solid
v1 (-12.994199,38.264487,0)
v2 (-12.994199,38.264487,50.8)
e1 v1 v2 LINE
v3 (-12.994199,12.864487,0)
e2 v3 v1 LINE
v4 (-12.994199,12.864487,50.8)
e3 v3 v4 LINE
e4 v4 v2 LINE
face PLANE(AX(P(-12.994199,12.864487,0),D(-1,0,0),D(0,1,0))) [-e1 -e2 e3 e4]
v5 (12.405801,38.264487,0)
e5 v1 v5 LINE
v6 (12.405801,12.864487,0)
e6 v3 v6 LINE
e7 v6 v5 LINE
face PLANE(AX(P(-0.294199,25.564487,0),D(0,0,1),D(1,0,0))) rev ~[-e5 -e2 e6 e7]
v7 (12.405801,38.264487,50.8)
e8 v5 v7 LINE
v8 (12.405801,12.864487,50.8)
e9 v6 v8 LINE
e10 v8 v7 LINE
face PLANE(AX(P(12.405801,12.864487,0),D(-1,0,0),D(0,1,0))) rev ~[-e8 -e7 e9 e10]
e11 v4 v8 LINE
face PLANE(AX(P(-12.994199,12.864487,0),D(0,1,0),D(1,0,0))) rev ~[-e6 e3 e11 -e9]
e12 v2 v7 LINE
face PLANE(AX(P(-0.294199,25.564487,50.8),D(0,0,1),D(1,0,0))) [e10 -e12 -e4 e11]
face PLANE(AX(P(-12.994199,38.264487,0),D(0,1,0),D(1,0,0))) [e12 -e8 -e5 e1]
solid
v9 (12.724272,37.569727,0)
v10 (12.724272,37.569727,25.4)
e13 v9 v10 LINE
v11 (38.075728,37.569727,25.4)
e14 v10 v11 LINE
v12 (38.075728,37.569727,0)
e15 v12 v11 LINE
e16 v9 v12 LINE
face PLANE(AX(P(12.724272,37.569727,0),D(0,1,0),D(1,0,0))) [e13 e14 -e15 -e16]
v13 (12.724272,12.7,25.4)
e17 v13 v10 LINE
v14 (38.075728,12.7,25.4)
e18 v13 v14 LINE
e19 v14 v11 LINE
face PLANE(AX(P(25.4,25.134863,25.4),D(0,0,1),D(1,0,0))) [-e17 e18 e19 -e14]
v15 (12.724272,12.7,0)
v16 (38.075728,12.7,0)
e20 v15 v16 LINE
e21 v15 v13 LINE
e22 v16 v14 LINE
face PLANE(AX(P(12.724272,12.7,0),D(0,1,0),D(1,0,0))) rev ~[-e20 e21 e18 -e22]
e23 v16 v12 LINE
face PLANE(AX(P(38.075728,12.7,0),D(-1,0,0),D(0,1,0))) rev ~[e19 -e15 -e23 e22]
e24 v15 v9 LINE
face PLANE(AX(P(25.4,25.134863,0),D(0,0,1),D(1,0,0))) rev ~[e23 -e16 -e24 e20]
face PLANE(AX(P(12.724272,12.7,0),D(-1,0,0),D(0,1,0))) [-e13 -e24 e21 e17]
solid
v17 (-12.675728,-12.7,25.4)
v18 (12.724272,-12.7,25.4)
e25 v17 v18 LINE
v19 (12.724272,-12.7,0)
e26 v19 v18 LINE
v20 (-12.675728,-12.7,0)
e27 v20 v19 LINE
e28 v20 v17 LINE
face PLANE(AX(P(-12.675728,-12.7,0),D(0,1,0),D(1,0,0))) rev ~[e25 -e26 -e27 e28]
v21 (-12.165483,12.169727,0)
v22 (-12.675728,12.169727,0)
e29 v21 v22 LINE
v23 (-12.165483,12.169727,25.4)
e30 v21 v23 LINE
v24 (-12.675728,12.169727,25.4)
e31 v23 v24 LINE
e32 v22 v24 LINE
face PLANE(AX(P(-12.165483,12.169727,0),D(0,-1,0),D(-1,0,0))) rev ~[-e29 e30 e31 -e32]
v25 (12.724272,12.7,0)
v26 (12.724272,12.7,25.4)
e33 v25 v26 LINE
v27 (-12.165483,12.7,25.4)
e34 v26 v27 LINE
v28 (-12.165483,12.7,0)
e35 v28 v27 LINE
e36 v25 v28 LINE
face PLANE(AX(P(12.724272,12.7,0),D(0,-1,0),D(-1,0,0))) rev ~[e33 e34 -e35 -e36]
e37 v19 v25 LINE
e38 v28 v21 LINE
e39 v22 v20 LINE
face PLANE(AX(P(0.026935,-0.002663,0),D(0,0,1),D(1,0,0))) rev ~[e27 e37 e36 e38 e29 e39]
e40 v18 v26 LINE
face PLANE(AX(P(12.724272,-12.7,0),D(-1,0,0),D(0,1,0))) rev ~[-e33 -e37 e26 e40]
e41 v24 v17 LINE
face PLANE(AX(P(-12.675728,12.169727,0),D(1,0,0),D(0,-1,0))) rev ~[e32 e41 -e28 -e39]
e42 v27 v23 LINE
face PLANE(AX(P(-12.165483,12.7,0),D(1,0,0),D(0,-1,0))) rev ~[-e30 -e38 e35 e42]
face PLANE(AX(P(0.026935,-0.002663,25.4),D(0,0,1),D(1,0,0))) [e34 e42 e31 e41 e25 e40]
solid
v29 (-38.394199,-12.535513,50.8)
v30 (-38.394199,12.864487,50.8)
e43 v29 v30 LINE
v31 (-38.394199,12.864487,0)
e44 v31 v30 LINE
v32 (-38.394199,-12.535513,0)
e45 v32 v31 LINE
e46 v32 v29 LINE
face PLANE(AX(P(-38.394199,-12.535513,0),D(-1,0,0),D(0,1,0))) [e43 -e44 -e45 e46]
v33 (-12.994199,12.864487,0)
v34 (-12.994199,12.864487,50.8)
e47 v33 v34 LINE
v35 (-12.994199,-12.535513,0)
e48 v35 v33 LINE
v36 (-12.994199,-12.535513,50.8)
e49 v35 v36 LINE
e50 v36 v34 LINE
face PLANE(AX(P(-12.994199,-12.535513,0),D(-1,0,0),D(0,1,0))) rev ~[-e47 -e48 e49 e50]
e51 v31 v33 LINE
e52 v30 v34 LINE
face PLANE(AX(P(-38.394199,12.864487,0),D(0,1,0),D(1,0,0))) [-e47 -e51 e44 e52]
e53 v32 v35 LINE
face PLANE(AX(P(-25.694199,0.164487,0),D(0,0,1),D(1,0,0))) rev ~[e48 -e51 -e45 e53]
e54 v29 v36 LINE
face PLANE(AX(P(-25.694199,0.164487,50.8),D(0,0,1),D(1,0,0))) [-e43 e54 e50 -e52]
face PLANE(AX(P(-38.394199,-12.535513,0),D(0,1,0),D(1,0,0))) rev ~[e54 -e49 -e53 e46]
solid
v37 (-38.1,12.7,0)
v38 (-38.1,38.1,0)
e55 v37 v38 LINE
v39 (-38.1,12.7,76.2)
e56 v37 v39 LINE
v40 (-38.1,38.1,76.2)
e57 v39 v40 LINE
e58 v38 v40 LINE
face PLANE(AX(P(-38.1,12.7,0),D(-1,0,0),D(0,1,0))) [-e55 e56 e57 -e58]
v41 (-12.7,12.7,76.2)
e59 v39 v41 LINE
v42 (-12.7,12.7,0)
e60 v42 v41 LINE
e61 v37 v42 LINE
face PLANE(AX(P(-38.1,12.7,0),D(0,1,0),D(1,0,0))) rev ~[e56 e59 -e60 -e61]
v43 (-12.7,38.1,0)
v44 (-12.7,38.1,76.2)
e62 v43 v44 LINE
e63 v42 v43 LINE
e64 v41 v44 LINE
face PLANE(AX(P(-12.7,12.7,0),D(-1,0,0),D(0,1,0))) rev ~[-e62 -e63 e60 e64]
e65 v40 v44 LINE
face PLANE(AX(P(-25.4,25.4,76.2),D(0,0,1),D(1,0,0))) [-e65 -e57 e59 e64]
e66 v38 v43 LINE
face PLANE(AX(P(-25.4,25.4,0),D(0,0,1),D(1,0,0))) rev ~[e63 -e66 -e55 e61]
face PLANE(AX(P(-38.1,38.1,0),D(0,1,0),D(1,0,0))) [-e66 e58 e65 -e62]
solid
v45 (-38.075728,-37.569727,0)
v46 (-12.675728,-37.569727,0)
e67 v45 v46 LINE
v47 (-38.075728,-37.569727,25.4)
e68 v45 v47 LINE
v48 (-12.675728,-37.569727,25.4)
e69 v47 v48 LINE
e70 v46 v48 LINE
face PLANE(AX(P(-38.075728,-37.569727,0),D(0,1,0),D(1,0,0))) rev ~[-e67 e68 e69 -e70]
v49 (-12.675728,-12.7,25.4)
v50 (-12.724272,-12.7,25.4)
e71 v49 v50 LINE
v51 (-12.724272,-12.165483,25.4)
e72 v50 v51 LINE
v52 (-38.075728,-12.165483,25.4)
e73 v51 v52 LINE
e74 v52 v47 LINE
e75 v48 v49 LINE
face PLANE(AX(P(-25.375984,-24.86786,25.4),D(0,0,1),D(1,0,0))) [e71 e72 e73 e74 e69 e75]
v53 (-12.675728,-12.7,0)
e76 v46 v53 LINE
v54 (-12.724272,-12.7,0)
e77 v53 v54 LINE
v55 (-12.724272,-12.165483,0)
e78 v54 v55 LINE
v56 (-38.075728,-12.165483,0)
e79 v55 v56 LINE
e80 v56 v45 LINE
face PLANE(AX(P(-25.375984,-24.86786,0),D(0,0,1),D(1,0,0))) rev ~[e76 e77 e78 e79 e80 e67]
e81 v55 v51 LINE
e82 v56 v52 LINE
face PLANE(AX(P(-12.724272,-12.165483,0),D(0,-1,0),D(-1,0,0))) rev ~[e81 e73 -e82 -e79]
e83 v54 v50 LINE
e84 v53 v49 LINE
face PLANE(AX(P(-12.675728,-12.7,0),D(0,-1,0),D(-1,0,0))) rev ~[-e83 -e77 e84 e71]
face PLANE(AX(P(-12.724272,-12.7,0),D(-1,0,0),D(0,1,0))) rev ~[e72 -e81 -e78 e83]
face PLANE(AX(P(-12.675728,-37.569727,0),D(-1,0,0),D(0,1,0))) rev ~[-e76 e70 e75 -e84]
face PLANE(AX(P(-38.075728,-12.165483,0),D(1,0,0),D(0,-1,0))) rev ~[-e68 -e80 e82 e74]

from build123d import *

# Parameters (mm, degrees)
F0_W     = 25.3514568745
F0_H     = 24.869726705
F1_DEPTH = 25.4
F2_W     = 25.4
F2_H     = 25.4
F3_DEPTH = 50.8
F4_W     = 25.4
F4_H     = 25.4
F5_DEPTH = 76.2


with BuildPart() as f1:
    # F0 (on Top) → F1 (new body)
    with BuildSketch(Plane.XY):
        with Locations((25.4, 25.1348633525)):
            Rectangle(F0_W, F0_H)
    extrude(amount=F1_DEPTH)


with BuildPart() as f1b:
    # F0 (on Top) → F1, piece 2 (new body)
    with BuildSketch(Plane.XY):
        Polygon((-12.7242715627, -12.1654834284), (-38.0757284373, -12.1654834284), (-38.0757284373, -37.569726705), (-12.6757284373, -37.569726705), (-12.6757284373, -12.7), (-12.7242715627, -12.7), align=None)
    extrude(amount=F1_DEPTH)


with BuildPart() as f1c:
    # F0 (on Top) → F1, piece 3 (new body)
    with BuildSketch(Plane.XY):
        Polygon((12.7242715627, 12.7), (-12.1654834284, 12.7), (-12.1654834284, 12.169726705), (-12.6757284373, 12.169726705), (-12.6757284373, -12.1654834284), (-12.6757284373, -12.7), (12.7242715627, -12.7), align=None)
    extrude(amount=F1_DEPTH)


with BuildPart() as f3:
    # F2 (on Top) → F3 (new body)
    with BuildSketch(Plane.XY):
        with Locations((-25.694198918, 0.1644869)):
            Rectangle(F2_W, F2_H)
    extrude(amount=F3_DEPTH)


with BuildPart() as f3b:
    # F2 (on Top) → F3, piece 2 (new body)
    with BuildSketch(Plane.XY):
        with Locations((-0.294198918, 25.5644869)):
            Rectangle(F2_W, F2_H)
    extrude(amount=F3_DEPTH)


with BuildPart() as f5:
    # F4 (on Top) → F5 (new body)
    with BuildSketch(Plane.XY):
        with Locations((-25.4, 25.4)):
            Rectangle(F4_W, F4_H)
    extrude(amount=F5_DEPTH)


solid = Compound([f1.part, f1b.part, f1c.part, f3.part, f3b.part, f5.part])
